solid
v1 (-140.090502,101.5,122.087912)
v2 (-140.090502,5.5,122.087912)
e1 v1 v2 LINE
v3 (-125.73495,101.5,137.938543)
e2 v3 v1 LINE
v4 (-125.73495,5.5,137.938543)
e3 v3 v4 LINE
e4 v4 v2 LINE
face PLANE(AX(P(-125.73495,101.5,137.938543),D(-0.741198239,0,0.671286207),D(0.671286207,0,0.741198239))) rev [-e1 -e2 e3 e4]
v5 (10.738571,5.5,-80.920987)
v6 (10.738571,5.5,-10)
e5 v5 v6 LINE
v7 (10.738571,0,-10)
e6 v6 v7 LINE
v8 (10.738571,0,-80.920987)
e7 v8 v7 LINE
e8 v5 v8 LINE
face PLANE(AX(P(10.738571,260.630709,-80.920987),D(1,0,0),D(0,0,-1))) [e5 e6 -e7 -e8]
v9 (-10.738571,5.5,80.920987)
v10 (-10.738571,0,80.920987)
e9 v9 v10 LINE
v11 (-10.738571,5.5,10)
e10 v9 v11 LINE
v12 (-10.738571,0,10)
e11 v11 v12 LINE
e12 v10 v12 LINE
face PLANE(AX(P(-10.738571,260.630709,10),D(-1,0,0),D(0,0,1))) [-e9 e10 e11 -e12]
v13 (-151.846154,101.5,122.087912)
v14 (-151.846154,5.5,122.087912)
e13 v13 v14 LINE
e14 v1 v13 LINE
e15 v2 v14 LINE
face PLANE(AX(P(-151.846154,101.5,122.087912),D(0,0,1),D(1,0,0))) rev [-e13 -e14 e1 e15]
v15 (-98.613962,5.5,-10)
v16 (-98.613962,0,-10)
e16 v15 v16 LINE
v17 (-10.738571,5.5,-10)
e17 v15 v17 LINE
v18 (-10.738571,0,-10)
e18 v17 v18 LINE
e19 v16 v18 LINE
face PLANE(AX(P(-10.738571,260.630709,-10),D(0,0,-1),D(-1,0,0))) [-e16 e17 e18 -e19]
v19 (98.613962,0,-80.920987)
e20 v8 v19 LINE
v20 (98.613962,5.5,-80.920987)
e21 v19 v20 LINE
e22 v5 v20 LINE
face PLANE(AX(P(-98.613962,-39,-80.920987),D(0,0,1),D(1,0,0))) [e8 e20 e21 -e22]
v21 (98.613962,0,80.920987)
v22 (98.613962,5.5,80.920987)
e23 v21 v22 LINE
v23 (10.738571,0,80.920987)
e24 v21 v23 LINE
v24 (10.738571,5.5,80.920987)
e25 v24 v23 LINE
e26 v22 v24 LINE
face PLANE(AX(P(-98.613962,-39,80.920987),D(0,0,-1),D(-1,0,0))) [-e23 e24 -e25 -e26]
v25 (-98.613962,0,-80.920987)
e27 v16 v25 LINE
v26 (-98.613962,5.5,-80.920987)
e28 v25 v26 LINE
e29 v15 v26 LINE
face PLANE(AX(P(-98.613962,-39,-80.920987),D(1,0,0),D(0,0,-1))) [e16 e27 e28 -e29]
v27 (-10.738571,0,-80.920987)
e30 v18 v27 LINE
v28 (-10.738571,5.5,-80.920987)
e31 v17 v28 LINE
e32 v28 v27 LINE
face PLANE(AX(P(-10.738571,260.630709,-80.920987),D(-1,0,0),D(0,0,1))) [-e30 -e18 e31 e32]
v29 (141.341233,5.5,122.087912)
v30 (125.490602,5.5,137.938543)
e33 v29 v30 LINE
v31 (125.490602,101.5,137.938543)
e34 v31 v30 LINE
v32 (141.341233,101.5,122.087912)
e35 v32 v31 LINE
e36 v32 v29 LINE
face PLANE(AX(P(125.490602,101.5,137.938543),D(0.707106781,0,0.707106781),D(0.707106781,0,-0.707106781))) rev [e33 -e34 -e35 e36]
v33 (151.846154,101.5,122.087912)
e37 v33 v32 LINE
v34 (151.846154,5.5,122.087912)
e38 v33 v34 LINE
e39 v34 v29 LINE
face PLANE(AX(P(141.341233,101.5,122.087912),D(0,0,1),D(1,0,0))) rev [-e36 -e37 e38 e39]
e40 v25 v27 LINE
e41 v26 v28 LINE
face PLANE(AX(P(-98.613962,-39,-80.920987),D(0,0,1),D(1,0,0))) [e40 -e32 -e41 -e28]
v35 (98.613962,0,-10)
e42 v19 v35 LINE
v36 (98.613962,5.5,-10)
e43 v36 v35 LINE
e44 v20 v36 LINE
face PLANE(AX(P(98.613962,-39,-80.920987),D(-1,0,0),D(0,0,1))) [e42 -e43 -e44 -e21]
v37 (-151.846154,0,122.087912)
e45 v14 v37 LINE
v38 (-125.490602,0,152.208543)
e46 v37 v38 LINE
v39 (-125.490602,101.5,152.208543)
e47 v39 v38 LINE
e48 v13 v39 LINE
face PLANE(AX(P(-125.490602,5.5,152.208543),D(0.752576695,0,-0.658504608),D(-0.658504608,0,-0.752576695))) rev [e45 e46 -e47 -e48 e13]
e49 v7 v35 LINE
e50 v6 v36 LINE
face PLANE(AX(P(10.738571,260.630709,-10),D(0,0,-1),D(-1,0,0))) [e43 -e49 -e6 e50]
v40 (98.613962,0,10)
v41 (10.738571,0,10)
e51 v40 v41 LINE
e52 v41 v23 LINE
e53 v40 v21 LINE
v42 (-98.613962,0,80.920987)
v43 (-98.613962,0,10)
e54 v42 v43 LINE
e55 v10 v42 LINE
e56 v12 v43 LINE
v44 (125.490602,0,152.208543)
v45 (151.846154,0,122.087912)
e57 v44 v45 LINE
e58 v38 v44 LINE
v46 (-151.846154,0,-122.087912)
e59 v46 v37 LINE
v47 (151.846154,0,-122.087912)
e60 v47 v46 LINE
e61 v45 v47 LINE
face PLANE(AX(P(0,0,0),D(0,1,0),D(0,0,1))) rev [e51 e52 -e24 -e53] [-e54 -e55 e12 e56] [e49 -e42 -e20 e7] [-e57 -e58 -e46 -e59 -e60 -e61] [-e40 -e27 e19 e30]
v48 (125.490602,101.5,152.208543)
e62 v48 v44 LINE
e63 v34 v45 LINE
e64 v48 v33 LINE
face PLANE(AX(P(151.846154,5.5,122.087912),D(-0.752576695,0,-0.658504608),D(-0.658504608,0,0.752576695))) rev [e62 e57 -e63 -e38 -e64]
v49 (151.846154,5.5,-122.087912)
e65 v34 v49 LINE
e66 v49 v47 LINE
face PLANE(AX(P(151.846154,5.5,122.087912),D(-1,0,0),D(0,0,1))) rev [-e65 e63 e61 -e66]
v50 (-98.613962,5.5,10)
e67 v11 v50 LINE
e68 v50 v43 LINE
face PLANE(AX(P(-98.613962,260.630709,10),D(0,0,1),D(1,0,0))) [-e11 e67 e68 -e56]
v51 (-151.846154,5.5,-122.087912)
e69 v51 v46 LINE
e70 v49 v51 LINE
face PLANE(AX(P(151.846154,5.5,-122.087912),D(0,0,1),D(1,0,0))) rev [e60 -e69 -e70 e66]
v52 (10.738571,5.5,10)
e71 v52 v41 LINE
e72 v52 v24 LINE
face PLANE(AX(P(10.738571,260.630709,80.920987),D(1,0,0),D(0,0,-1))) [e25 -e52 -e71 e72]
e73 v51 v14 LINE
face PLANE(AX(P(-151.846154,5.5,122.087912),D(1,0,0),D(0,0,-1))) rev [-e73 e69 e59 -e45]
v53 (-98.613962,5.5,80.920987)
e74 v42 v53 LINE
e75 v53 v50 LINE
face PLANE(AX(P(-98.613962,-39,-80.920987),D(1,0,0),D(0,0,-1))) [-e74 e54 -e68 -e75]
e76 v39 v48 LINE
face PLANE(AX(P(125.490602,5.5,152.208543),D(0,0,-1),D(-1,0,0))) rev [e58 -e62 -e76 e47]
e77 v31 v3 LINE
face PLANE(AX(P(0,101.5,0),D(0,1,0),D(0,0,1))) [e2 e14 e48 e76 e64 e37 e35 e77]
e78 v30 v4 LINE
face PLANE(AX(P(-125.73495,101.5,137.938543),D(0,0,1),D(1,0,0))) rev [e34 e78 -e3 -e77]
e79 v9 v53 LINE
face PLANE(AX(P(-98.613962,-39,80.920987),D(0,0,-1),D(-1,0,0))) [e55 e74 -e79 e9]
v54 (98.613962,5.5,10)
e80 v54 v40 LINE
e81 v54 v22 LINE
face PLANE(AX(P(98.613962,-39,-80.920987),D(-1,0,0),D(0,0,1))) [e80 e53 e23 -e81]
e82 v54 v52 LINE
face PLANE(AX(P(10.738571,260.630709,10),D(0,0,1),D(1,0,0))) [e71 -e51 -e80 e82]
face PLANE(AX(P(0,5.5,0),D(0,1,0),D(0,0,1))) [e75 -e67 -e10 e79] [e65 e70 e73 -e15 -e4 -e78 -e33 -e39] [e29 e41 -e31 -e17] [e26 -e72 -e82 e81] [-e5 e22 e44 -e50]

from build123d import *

# Parameters (mm, degrees)
BOSS_EXTRU_1_DEPTH           = 5.5
BOSS_EXTRU_2_DEPTH           = 96
ENL_V_MAT_EXTRU_1_DEPTH      = 39
ENL_V_MAT_EXTRU_1_DEPTH_BACK = 37
ESQUISSE3_W                  = 197.227924694
ESQUISSE3_H                  = 161.841973662
BOSS_EXTRU_3_DEPTH           = 5.5


with BuildPart() as part:
    # Esquisse1 → Boss.-Extru.1 (new body)
    with BuildSketch(Plane(origin=(0, 0, 0), x_dir=(-1, 0, 0), z_dir=(0, 1, 0))):
        Polygon((-151.846153846, 122.087912088), (-125.490601914, 152.208542868), (125.490601914, 152.208542868), (151.846153846, 122.087912088), (151.846153846, -122.087912088), (-151.846153846, -122.087912088), align=None)
    extrude(amount=BOSS_EXTRU_1_DEPTH)

    # Esquisse2 → Boss.-Extru.2 (add)
    with BuildSketch(Plane(origin=(0, 5.5, 0), x_dir=(1, 0, 0), z_dir=(0, 1, 0))):
        Polygon((-151.846153846, -122.087912088), (-140.09050176, -122.087912088), (-125.734949828, -137.938542868), (125.490601914, -137.938542868), (141.341232694, -122.087912088), (151.846153846, -122.087912088), (125.490601914, -152.208542868), (-125.490601914, -152.208542868), align=None)
    extrude(amount=BOSS_EXTRU_2_DEPTH)

    # Esquisse3 → Enlèv. mat.-Extru.1 (cut, two sides: drawn at the far end of the back side and taken through both)
    with BuildSketch(Plane.XZ.offset(-ENL_V_MAT_EXTRU_1_DEPTH_BACK)):
        Rectangle(ESQUISSE3_W, ESQUISSE3_H)
    extrude(amount=ENL_V_MAT_EXTRU_1_DEPTH + ENL_V_MAT_EXTRU_1_DEPTH_BACK, mode=Mode.SUBTRACT)

    # Esquisse4 → Boss.-Extru.3 (add)
    with BuildSketch(Plane.XZ):
        Polygon((-10.738571279, 80.920986831), (10.738571279, 80.920986831), (10.738571279, 10), (98.613962347, 10), (98.613962347, -10), (10.738571279, -10), (10.738571279, -80.920986831), (-10.738571279, -80.920986831), (-10.738571279, -10), (-98.613962347, -10), (-98.613962347, 10), (-10.738571279, 10), align=None)
    extrude(amount=-BOSS_EXTRU_3_DEPTH)


solid = part.part
